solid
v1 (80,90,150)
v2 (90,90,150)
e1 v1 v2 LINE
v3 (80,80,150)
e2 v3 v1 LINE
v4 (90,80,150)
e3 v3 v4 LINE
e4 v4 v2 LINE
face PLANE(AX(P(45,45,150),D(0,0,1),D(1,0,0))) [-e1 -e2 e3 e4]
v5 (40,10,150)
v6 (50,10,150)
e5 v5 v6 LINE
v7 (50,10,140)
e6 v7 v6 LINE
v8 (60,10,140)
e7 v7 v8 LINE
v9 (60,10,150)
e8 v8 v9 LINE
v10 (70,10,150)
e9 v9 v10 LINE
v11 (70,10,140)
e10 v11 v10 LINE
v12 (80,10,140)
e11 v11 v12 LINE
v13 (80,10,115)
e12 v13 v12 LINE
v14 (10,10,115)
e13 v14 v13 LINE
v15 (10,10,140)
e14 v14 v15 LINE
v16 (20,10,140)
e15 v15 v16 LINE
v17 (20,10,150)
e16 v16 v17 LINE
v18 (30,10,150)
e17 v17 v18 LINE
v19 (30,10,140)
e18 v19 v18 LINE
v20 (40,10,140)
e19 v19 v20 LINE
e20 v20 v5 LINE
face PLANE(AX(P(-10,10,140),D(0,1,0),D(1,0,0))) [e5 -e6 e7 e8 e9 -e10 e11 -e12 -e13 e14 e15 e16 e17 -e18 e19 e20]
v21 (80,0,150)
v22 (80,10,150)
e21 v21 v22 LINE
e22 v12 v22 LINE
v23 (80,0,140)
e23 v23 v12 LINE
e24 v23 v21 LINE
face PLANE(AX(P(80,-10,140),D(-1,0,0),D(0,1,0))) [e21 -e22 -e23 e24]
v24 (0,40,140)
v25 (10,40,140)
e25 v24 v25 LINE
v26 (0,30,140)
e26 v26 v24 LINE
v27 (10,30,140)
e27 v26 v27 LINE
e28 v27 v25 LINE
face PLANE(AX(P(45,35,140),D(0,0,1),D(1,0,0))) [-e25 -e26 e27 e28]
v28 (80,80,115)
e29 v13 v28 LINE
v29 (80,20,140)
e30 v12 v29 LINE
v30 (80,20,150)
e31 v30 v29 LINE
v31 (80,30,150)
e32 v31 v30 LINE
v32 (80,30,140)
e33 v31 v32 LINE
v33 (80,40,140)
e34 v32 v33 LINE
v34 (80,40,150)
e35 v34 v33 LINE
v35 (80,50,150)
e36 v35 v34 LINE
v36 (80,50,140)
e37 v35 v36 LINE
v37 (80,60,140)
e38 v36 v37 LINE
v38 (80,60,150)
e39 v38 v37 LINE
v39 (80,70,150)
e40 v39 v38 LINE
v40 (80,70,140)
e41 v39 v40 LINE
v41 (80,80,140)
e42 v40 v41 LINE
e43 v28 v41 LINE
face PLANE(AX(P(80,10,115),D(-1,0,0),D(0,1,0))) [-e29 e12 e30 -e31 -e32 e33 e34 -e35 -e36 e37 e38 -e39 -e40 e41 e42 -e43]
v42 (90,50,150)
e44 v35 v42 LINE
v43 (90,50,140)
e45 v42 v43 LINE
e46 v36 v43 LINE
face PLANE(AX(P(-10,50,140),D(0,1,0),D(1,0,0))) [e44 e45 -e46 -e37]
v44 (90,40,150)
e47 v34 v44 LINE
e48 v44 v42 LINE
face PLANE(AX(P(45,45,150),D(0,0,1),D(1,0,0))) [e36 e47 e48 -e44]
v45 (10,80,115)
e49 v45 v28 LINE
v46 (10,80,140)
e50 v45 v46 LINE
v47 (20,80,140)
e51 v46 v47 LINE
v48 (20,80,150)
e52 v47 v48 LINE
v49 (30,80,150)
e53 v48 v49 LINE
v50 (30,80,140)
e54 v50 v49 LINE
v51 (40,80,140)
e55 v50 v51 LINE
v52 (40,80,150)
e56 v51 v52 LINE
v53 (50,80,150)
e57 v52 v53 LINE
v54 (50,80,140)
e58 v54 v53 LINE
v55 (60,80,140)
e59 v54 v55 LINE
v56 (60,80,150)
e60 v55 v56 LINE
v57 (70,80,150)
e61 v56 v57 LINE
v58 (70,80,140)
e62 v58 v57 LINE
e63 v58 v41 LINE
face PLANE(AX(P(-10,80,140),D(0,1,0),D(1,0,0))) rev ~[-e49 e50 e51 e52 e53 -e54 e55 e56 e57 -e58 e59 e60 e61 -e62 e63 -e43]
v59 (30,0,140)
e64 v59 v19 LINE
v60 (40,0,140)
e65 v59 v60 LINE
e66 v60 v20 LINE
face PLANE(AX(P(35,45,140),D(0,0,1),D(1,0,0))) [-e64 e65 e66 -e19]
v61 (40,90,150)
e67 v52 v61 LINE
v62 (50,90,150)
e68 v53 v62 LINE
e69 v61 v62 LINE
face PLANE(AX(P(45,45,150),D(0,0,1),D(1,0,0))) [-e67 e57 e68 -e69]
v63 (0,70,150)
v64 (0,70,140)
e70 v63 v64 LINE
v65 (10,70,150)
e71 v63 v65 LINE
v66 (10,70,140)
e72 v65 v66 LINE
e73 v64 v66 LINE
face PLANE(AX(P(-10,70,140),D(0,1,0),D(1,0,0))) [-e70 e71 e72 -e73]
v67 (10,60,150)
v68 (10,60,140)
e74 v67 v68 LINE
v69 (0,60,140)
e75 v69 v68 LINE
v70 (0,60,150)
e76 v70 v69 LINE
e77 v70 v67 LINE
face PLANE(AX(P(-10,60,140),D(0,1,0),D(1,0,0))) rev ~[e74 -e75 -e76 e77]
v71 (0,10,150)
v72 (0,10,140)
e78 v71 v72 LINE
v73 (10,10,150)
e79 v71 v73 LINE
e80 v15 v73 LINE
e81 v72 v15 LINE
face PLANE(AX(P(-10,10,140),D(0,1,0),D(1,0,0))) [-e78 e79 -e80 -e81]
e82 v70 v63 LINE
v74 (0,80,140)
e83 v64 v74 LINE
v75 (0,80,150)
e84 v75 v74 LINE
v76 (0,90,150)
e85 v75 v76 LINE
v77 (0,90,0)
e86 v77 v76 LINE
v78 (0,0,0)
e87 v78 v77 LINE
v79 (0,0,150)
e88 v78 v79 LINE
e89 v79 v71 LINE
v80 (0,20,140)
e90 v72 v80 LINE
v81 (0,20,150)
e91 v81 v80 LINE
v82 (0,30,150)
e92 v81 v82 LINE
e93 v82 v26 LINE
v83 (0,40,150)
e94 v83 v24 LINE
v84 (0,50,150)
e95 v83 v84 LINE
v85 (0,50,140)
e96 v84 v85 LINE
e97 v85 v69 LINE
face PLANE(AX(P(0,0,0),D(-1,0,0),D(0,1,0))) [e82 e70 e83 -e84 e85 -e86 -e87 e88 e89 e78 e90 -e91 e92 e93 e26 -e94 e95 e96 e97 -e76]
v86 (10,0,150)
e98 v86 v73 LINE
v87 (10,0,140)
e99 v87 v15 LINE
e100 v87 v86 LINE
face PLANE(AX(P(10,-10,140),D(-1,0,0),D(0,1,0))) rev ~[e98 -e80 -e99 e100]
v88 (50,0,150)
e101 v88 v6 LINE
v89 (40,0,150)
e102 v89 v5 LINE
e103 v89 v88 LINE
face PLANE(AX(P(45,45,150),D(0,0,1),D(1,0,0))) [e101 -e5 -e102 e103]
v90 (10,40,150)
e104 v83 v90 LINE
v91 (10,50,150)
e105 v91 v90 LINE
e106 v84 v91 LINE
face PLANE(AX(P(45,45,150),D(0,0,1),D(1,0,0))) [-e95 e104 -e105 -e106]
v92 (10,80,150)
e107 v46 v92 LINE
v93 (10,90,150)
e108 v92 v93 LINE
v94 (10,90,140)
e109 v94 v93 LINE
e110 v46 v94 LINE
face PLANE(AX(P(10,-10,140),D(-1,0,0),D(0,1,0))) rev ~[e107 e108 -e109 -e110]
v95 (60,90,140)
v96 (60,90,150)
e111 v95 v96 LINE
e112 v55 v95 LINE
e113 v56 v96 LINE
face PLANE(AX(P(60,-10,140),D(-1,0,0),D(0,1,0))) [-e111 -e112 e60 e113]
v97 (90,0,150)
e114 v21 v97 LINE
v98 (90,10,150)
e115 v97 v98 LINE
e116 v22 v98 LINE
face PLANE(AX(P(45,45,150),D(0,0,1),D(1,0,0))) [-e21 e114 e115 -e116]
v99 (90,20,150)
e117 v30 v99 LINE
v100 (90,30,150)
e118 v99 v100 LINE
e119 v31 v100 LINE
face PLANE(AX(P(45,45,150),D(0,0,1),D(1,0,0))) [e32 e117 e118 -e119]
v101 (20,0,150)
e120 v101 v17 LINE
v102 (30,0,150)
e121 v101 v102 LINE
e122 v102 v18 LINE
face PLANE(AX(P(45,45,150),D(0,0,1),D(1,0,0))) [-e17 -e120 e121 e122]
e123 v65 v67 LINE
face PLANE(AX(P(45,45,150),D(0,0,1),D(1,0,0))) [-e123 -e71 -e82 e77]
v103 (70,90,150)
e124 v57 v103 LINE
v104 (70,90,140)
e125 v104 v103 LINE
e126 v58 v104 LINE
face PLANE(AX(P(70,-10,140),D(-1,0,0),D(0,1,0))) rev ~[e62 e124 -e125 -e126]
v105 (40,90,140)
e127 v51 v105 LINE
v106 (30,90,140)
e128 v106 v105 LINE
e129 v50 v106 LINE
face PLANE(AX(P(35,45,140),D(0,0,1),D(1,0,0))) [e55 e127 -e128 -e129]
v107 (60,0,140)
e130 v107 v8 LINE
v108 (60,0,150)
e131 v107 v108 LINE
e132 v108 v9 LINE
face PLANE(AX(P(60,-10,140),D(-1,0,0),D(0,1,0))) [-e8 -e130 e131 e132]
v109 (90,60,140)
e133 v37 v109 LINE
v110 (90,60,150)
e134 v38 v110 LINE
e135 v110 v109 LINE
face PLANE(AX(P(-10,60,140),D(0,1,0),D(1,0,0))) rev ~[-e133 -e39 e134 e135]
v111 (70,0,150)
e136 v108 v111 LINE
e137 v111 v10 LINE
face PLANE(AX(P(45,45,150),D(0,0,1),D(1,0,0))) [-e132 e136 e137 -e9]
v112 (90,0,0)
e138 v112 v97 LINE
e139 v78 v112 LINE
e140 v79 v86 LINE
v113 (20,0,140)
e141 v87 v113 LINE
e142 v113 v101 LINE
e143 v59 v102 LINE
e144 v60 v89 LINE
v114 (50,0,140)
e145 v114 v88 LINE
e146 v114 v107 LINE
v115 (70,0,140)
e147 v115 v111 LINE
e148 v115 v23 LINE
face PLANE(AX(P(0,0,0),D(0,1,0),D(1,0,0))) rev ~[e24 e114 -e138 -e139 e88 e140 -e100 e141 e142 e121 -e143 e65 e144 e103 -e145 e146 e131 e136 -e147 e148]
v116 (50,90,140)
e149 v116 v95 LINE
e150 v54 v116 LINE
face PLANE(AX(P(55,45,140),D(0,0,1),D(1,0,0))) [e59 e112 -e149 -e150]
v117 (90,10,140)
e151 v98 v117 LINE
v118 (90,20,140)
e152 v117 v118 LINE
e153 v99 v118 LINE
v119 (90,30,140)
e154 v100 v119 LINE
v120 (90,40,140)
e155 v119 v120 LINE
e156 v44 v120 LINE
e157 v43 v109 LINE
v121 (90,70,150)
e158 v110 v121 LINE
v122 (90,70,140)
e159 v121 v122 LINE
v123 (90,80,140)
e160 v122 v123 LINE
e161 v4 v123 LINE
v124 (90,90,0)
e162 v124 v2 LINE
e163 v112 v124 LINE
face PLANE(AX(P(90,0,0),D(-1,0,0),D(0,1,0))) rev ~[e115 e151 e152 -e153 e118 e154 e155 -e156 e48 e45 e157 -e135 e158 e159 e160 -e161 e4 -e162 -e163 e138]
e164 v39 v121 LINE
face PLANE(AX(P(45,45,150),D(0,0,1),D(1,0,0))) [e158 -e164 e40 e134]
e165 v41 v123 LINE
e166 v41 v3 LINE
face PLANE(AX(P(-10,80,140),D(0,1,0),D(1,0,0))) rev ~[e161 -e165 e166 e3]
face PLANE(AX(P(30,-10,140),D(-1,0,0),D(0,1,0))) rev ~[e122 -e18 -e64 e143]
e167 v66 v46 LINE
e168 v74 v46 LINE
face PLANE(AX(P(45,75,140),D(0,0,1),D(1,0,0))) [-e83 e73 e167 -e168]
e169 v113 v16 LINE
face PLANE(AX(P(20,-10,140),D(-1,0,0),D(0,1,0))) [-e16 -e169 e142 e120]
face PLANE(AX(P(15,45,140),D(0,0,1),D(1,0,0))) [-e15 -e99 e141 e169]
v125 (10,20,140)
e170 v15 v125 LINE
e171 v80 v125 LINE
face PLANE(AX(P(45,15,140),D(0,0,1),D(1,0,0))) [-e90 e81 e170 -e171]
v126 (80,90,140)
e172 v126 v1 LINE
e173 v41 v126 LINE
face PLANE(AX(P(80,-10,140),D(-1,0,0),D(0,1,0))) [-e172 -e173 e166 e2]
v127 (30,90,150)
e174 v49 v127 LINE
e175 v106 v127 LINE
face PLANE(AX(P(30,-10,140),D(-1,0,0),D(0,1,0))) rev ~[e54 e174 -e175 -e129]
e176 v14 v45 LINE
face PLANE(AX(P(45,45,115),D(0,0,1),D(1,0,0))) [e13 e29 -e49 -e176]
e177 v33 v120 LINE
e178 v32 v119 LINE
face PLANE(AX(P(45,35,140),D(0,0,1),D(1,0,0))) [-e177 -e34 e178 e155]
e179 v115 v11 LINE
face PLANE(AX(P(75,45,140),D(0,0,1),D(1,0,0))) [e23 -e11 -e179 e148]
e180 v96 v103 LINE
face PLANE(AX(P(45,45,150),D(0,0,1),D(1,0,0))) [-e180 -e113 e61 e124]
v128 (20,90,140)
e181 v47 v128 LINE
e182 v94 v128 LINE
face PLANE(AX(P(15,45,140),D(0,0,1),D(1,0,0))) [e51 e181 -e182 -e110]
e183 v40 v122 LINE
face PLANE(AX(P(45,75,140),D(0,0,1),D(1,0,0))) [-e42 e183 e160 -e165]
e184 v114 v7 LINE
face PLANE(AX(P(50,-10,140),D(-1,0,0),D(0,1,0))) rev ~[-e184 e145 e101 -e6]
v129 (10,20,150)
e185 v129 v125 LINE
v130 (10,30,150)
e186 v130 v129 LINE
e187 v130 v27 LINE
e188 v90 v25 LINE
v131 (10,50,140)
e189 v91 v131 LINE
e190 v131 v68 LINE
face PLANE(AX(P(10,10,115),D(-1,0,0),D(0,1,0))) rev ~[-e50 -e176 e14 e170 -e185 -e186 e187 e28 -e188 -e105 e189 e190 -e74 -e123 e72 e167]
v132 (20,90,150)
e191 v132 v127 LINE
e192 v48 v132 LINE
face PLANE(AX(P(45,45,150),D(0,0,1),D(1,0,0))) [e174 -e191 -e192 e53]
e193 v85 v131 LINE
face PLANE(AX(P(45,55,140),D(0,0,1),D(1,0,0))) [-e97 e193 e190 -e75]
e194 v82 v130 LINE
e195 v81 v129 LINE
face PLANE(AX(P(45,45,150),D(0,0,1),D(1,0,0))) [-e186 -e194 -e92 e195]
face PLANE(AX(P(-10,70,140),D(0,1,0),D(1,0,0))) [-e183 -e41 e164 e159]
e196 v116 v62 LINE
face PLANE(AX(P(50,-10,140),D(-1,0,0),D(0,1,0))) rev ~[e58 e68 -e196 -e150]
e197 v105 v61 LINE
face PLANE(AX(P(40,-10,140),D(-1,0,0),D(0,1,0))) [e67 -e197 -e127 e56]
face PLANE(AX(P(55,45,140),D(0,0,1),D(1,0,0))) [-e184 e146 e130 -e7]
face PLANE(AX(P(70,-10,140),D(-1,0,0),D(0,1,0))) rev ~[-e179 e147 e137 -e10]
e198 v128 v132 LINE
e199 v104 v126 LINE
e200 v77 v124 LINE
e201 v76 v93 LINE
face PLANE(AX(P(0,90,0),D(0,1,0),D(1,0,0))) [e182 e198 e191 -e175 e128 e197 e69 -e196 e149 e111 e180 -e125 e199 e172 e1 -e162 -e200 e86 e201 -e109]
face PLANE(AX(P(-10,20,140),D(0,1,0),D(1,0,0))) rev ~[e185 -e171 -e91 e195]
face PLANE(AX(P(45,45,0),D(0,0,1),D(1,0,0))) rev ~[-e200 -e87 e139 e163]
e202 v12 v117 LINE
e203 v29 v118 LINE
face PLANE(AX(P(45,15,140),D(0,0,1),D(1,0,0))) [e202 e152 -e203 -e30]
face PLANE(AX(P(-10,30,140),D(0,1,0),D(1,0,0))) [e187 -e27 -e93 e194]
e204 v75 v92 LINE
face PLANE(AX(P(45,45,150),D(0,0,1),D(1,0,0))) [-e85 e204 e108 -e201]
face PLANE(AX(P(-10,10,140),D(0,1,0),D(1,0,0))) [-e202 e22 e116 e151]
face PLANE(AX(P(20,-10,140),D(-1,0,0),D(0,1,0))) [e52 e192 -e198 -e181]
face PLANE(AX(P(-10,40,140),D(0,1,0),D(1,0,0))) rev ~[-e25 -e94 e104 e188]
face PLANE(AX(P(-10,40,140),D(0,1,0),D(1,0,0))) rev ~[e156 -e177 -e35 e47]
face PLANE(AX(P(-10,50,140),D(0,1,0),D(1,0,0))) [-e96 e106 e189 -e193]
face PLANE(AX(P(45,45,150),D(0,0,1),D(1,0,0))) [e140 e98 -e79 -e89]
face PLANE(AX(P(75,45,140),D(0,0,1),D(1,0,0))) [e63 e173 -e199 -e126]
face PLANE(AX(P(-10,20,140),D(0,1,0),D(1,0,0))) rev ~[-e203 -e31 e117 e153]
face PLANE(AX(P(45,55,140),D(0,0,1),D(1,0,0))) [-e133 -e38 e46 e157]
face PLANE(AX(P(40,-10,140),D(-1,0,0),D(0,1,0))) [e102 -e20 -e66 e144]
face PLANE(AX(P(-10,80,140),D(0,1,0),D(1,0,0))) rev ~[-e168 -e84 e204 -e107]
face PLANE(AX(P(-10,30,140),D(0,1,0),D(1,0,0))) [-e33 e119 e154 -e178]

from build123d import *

# Parameters (mm, degrees)
BOX003_W         = 10
BOX003_H         = 110
BOX003_DEPTH     = 10
ARRAY001_X_COUNT = 4
ARRAY001_X_PITCH = 20
BOX002_W         = 110
BOX002_H         = 10
BOX002_DEPTH     = 10
ARRAY_X_COUNT    = 4
ARRAY_X_PITCH    = 20
BOX001_W         = 70
BOX001_H         = 70
BOX001_DEPTH     = 70
BOX_W            = 90
BOX_H            = 90
BOX_DEPTH        = 150


with BuildPart() as array001:
    # Box003 → Box003 (new body)
    with BuildSketch(Plane(origin=(10, -10, 140), x_dir=(1, 0, 0), z_dir=(0, 0, 1))):
        with Locations((5, 55)):
            Rectangle(BOX003_W, BOX003_H)
    extrude(amount=BOX003_DEPTH)

    # Array001 X: Array001 ×4


with BuildPart() as array001_1:
    add(array001.part)
    with Locations(*[(i * ARRAY001_X_PITCH, 0, 0) for i in range(1, ARRAY001_X_COUNT)]):
        add(array001.part)


with BuildPart() as array:
    # Box002 → Box002 (new body)
    with BuildSketch(Plane(origin=(-10, 10, 140), x_dir=(1, 0, 0), z_dir=(0, 0, 1))):
        with Locations((55, 5)):
            Rectangle(BOX002_W, BOX002_H)
    extrude(amount=BOX002_DEPTH)

    # Array X: Array ×4


with BuildPart() as array_1:
    add(array.part)
    with Locations(*[(0, i * ARRAY_X_PITCH, 0) for i in range(1, ARRAY_X_COUNT)]):
        add(array.part)


with BuildPart() as cube001:
    # Box001 → Box001 (new body)
    with BuildSketch(Plane(origin=(10, 10, 115), x_dir=(1, 0, 0), z_dir=(0, 0, 1))):
        with Locations((35, 35)):
            Rectangle(BOX001_W, BOX001_H)
    extrude(amount=BOX001_DEPTH)


with BuildPart() as torre:
    # Box → Box (new body)
    with BuildSketch(Plane.XY):
        with Locations((45, 45)):
            Rectangle(BOX_W, BOX_H)
    extrude(amount=BOX_DEPTH)

    # Cut: cut Cube001
    add(cube001.part, mode=Mode.SUBTRACT)

    # Cut001: cut Array
    add(array_1.part, mode=Mode.SUBTRACT)

    # Cut002: cut Array001
    add(array001_1.part, mode=Mode.SUBTRACT)


solid = torre.part
